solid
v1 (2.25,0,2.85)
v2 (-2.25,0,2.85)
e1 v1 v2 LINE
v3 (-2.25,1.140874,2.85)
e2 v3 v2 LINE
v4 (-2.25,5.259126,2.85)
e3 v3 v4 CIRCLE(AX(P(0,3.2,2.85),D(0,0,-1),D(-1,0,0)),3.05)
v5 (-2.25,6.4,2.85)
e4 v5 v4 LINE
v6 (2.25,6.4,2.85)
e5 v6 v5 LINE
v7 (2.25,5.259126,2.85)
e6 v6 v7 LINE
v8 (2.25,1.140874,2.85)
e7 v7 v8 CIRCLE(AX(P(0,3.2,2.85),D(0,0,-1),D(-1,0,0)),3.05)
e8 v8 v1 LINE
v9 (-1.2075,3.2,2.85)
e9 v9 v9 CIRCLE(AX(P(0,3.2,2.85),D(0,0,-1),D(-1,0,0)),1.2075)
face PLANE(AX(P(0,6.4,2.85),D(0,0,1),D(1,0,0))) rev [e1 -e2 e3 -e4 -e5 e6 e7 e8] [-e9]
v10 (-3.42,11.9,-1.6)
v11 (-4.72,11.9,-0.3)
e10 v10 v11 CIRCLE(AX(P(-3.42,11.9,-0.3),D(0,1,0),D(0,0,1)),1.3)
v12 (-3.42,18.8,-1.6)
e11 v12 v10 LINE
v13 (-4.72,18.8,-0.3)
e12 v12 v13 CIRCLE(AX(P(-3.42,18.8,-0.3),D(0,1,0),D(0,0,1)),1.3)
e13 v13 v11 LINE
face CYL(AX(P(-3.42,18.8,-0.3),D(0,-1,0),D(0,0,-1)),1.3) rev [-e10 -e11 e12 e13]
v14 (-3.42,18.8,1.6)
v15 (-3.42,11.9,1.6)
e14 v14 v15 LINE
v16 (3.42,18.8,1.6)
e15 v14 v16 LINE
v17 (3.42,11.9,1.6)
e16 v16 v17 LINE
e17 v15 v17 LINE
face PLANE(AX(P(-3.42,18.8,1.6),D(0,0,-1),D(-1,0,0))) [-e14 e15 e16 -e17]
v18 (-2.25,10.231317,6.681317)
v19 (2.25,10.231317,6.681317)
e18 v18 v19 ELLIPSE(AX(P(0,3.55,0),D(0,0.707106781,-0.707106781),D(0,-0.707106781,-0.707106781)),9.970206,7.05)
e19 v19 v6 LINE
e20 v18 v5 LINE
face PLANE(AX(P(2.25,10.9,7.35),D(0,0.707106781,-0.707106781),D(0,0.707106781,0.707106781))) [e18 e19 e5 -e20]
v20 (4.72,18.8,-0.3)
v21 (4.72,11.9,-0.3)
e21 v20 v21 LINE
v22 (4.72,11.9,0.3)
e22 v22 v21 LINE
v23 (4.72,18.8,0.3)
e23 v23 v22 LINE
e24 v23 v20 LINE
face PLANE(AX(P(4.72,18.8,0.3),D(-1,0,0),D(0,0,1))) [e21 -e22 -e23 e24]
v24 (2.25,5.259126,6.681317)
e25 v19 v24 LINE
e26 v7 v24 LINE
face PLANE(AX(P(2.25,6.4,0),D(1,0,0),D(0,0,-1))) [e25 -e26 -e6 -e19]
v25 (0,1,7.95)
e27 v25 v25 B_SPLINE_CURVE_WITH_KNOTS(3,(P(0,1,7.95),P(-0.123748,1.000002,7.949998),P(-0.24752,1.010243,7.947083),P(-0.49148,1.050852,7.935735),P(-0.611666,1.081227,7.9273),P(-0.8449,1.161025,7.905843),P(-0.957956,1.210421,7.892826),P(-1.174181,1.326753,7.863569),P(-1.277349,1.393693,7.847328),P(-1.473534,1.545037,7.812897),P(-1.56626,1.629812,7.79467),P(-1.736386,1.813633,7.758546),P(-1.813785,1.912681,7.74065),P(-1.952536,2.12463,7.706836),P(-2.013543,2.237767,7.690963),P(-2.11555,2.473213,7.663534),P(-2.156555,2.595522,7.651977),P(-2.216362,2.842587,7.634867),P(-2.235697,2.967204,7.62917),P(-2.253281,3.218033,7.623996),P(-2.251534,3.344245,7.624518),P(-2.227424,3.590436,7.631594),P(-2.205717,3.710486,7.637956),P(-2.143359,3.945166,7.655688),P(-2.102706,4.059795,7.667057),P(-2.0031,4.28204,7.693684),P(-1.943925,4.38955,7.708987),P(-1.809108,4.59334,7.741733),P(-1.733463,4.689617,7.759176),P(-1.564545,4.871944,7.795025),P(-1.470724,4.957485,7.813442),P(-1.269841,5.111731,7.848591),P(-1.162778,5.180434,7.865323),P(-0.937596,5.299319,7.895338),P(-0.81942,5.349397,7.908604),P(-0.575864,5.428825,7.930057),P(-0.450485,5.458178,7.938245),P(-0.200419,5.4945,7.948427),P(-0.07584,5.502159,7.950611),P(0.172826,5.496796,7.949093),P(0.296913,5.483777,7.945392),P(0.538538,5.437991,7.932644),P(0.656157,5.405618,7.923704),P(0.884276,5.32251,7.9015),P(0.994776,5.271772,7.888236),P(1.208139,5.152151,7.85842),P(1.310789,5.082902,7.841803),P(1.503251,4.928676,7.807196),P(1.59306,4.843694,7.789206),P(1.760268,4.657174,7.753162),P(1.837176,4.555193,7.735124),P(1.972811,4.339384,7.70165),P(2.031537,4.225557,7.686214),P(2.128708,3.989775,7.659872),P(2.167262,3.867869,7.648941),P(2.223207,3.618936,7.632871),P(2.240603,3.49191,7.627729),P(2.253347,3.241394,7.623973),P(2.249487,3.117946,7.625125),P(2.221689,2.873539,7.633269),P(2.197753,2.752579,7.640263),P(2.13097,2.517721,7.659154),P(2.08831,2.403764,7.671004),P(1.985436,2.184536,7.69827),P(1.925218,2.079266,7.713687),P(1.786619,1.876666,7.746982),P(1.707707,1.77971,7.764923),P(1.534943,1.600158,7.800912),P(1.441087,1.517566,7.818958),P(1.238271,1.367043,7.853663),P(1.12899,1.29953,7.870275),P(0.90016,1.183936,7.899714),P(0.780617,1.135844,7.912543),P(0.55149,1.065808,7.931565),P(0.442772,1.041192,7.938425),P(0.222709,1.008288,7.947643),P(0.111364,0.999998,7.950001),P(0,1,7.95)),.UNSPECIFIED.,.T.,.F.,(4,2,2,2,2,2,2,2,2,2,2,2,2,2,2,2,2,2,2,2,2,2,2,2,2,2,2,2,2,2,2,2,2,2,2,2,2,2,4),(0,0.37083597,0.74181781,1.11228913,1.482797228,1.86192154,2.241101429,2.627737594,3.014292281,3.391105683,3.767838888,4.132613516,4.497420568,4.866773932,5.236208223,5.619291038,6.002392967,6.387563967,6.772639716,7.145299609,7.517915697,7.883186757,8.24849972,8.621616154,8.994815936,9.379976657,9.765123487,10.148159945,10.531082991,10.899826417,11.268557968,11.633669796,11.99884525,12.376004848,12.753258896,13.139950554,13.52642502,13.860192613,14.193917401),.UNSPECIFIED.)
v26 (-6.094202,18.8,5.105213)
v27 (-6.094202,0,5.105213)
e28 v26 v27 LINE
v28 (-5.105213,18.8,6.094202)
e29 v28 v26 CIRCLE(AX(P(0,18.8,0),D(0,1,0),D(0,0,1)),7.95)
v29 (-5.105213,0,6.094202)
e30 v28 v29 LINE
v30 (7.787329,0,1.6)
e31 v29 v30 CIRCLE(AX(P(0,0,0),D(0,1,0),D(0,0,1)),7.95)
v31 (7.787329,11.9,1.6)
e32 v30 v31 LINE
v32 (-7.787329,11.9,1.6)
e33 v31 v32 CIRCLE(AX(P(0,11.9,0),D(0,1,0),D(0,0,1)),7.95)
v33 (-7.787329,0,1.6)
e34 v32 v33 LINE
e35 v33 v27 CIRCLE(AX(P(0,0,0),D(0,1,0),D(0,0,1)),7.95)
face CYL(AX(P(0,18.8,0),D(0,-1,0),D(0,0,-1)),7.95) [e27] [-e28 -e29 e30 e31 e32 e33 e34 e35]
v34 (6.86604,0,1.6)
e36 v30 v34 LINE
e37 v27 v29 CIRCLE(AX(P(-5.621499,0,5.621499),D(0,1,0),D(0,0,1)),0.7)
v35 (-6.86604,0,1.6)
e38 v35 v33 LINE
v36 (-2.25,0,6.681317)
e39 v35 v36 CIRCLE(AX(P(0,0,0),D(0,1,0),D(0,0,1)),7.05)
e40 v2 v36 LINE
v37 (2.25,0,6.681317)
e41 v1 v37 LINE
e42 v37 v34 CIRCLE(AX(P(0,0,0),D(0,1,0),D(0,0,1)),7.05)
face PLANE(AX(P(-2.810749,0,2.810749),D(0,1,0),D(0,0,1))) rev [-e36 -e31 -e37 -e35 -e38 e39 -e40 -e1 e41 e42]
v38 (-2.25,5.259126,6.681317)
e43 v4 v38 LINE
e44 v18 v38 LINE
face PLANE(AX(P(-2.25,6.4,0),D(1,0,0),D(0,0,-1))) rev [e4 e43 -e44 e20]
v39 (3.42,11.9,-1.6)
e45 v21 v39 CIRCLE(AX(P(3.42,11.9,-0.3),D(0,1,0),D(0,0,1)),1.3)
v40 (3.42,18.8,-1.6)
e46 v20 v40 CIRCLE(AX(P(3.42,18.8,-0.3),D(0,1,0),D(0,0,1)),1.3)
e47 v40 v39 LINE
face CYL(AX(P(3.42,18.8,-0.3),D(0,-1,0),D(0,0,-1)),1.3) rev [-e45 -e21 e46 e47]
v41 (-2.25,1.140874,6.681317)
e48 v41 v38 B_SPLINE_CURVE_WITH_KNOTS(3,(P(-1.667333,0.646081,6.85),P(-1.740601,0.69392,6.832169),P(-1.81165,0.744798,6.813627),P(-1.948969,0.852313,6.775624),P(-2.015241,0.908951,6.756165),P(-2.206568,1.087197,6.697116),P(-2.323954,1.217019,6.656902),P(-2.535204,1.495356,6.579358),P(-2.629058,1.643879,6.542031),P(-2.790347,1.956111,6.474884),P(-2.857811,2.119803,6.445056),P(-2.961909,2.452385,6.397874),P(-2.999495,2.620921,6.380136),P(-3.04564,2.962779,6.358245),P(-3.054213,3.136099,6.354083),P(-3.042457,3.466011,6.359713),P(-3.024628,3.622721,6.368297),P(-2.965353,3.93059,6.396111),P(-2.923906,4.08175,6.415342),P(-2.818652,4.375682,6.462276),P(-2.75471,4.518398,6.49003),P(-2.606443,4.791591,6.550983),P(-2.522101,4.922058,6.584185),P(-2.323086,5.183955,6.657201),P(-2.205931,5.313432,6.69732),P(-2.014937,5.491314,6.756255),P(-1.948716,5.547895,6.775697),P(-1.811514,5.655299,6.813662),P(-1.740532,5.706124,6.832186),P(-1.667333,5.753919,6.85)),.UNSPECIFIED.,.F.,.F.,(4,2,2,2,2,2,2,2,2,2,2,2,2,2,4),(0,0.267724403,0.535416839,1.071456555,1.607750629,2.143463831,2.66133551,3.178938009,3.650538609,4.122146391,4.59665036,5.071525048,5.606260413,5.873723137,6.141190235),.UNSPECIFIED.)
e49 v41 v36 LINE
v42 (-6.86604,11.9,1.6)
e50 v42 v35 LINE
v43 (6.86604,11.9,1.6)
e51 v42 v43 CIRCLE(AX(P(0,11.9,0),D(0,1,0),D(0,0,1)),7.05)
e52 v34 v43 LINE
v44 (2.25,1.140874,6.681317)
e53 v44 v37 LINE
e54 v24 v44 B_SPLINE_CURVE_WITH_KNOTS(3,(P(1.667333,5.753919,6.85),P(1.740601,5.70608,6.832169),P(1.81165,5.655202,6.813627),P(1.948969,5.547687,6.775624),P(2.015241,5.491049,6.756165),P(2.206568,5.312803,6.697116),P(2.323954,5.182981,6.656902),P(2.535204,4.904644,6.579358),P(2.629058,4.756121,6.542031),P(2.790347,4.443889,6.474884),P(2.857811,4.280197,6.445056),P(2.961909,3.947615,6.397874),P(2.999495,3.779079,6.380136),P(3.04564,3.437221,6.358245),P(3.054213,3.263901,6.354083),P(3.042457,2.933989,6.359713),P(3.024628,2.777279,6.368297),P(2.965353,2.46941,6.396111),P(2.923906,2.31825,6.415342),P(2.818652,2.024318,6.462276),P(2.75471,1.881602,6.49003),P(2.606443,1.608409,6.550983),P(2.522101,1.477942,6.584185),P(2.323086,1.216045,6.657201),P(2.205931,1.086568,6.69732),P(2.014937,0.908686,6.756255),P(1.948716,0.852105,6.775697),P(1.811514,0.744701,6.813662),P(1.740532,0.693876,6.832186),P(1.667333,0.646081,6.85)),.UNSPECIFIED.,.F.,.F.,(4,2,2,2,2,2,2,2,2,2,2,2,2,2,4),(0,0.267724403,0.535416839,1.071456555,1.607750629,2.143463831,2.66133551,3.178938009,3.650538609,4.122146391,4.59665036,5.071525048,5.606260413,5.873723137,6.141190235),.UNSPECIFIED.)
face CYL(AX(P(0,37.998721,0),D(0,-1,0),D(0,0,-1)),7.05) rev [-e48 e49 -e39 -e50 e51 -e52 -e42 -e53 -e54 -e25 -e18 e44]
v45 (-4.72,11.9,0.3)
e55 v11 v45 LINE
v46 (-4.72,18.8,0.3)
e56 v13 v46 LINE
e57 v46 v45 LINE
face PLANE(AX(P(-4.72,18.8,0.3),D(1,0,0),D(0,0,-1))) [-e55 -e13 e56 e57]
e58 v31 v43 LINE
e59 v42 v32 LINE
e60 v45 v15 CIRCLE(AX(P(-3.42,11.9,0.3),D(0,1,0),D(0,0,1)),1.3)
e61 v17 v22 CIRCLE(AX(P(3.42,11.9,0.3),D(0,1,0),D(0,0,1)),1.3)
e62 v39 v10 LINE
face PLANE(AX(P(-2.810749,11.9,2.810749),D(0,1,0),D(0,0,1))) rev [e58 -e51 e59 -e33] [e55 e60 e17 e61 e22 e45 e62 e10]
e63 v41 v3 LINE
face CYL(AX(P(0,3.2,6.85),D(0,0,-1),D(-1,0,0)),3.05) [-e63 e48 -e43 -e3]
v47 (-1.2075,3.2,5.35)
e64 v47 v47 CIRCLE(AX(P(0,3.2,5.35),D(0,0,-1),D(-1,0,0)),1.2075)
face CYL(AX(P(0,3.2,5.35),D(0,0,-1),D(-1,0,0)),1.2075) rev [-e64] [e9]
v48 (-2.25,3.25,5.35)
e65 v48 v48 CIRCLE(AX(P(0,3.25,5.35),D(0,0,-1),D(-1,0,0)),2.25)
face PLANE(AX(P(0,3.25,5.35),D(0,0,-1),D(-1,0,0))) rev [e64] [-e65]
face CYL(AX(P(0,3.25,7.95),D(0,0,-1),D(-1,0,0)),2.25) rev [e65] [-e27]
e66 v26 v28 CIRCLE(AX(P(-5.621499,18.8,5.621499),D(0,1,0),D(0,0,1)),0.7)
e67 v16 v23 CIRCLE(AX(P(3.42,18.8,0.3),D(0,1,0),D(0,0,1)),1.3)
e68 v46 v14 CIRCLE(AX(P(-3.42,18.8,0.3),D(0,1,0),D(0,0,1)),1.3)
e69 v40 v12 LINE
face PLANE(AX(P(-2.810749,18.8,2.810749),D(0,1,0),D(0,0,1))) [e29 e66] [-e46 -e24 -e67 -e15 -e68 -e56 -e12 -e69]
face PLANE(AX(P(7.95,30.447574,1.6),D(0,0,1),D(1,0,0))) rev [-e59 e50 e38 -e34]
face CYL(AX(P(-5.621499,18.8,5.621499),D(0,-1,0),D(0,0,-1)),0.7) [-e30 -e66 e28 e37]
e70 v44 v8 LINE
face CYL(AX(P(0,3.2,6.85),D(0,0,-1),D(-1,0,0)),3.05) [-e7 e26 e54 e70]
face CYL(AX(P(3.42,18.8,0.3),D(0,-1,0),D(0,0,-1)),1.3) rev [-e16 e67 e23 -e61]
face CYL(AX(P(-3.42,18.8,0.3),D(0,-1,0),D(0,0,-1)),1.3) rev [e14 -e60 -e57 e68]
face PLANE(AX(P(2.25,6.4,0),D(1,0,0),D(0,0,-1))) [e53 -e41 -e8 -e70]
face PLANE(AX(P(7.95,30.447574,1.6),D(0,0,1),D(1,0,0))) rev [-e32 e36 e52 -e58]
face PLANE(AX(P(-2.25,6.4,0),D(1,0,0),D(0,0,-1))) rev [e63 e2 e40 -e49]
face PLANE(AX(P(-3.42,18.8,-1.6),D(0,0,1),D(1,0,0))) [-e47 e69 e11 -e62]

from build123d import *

# Parameters (mm, degrees)
BOSS_EXTRUDE1_DEPTH = 18.8
CUT_EXTRUDE2_DEPTH  = 11.9
BOSS_EXTRUDE2_DEPTH = 6.4
SKETCH9_R           = 1.2075
CUT_EXTRUDE3_DEPTH  = 2.5
SKETCH9_4_R         = 3.05
SKETCH9_4_R_2       = 1.2075
BOSS_EXTRUDE5_DEPTH = 4
SKETCH11_R          = 2.25
CUT_EXTRUDE8_DEPTH  = 3.6
BOSS_EXTRUDE6_DEPTH = 4.5
CUT_EXTRUDE9_DEPTH  = 11.9
CUT_EXTRUDE10_DEPTH = 11.9


with BuildPart() as part:
    # Sketch2 → Boss-Extrude1 (new body)
    with BuildSketch(Plane(origin=(0, 0, 0), x_dir=(1, 0, 0), z_dir=(0, 1, 0))):
        with BuildLine():
            ThreePointArc((-5.105212739, -6.0942024), (5.62149891, 5.62149891), (-6.0942024, -5.105212739))
            ThreePointArc((-6.0942024, -5.105212739), (-6.116473657, -6.116473657), (-5.105212739, -6.0942024))
        make_face()
        with BuildLine():
            Line((-3.42, 1.6), (3.42, 1.6))
            ThreePointArc((3.42, 1.6), (4.339238816, 1.219238816), (4.72, 0.3))
            Line((4.72, 0.3), (4.72, -0.3))
            ThreePointArc((4.72, -0.3), (4.339238816, -1.219238816), (3.42, -1.6))
            Line((3.42, -1.6), (-3.42, -1.6))
            ThreePointArc((-3.42, -1.6), (-4.339238816, -1.219238816), (-4.72, -0.3))
            Line((-4.72, -0.3), (-4.72, 0.3))
            ThreePointArc((-4.72, 0.3), (-4.339238816, 1.219238816), (-3.42, 1.6))
        make_face(mode=Mode.SUBTRACT)
    extrude(amount=BOSS_EXTRUDE1_DEPTH)

    # Sketch3 → Cut-Extrude2 (cut)
    with BuildSketch(Plane(origin=(0, 0, 0), x_dir=(1, 0, 0), z_dir=(0, 1, 0))):
        with BuildLine():
            Line((-5.98, 3.733912158), (-5.98, -3.733912158))
            ThreePointArc((-5.98, -3.733912158), (-4.924640659, -5.044840372), (-3.588648771, -6.068286414))
            ThreePointArc((-3.588648771, -6.068286414), (3.493030644, -6.12382535), (7.05, 0))
            ThreePointArc((7.05, 0), (1.94209938, 6.777222883), (-5.98, 3.733912158))
        make_face()
        with BuildLine():
            Line((-4.72, -0.3), (-4.72, 0.3))
            ThreePointArc((-4.72, 0.3), (-4.339238816, 1.219238816), (-3.42, 1.6))
            Line((-3.42, 1.6), (3.42, 1.6))
            ThreePointArc((3.42, 1.6), (4.339238816, 1.219238816), (4.72, 0.3))
            Line((4.72, 0.3), (4.72, -0.3))
            ThreePointArc((4.72, -0.3), (4.339238816, -1.219238816), (3.42, -1.6))
            Line((3.42, -1.6), (-3.42, -1.6))
            ThreePointArc((-3.42, -1.6), (-4.339238816, -1.219238816), (-4.72, -0.3))
        make_face(mode=Mode.SUBTRACT)
    extrude(amount=CUT_EXTRUDE2_DEPTH, mode=Mode.SUBTRACT)

    # Sketch4 → Boss-Extrude2 (add)
    with BuildSketch(Plane.XZ):
        with BuildLine():
            Line((-2.25, 6.681317235), (-2.25, 2.85))
            Line((-2.25, 2.85), (2.25, 2.85))
            Line((2.25, 2.85), (2.25, 6.681317235))
            ThreePointArc((2.25, 6.681317235), (0, 7.05), (-2.25, 6.681317235))
        make_face()
    extrude(amount=-BOSS_EXTRUDE2_DEPTH)

    # Sketch9 → Cut-Extrude3 (cut)
    with BuildSketch(Plane(origin=(0, 0, 2.85), x_dir=(-1, 0, 0), z_dir=(0, 0, -1))):
        with Locations((0, 3.2)):
            Circle(SKETCH9_R)
    extrude(amount=-CUT_EXTRUDE3_DEPTH, mode=Mode.SUBTRACT)

    # Sketch9_4 → Boss-Extrude5 (add)
    with BuildSketch(Plane(origin=(0, 0, 2.85), x_dir=(-1, 0, 0), z_dir=(0, 0, -1))):
        with Locations((0, 3.2)):
            Circle(SKETCH9_4_R)
        with Locations((0, 3.2)):
            Circle(SKETCH9_4_R_2, mode=Mode.SUBTRACT)
    extrude(amount=-BOSS_EXTRUDE5_DEPTH)

    # Sketch11 → Cut-Extrude8 (cut, through all)
    with BuildSketch(Plane(origin=(0, 0, 5.35), x_dir=(-1, 0, 0), z_dir=(0, 0, -1))):
        with Locations((0, 3.25)):
            Circle(SKETCH11_R)
    extrude(amount=-CUT_EXTRUDE8_DEPTH, mode=Mode.SUBTRACT)

    # Sketch15 → Boss-Extrude6 (add)
    with BuildSketch(Plane.ZY.offset(2.25)):
        Polygon((2.85, 6.4), (7.35, 6.4), (7.35, 10.9), align=None)
    extrude(amount=-BOSS_EXTRUDE6_DEPTH)

    # Sketch3_3 → Cut-Extrude9 (cut)
    with BuildSketch(Plane(origin=(0, 0, 0), x_dir=(1, 0, 0), z_dir=(0, 1, 0))):
        with BuildLine():
            ThreePointArc((-5.98, 3.733912158), (-7.05, 0), (-5.98, -3.733912158))
            Line((-5.98, -3.733912158), (-5.98, 3.733912158))
        make_face()
    extrude(amount=CUT_EXTRUDE9_DEPTH, mode=Mode.SUBTRACT)

    # Sketch16 → Cut-Extrude10 (cut)
    with BuildSketch(Plane.XZ):
        Polygon((7.95, -7.95), (-7.95, -7.95), (-7.95, 0), (-7.95, 1.6), (7.95, 1.6), (7.95, 0), align=None)
    extrude(amount=-CUT_EXTRUDE10_DEPTH, mode=Mode.SUBTRACT)


solid = part.part
